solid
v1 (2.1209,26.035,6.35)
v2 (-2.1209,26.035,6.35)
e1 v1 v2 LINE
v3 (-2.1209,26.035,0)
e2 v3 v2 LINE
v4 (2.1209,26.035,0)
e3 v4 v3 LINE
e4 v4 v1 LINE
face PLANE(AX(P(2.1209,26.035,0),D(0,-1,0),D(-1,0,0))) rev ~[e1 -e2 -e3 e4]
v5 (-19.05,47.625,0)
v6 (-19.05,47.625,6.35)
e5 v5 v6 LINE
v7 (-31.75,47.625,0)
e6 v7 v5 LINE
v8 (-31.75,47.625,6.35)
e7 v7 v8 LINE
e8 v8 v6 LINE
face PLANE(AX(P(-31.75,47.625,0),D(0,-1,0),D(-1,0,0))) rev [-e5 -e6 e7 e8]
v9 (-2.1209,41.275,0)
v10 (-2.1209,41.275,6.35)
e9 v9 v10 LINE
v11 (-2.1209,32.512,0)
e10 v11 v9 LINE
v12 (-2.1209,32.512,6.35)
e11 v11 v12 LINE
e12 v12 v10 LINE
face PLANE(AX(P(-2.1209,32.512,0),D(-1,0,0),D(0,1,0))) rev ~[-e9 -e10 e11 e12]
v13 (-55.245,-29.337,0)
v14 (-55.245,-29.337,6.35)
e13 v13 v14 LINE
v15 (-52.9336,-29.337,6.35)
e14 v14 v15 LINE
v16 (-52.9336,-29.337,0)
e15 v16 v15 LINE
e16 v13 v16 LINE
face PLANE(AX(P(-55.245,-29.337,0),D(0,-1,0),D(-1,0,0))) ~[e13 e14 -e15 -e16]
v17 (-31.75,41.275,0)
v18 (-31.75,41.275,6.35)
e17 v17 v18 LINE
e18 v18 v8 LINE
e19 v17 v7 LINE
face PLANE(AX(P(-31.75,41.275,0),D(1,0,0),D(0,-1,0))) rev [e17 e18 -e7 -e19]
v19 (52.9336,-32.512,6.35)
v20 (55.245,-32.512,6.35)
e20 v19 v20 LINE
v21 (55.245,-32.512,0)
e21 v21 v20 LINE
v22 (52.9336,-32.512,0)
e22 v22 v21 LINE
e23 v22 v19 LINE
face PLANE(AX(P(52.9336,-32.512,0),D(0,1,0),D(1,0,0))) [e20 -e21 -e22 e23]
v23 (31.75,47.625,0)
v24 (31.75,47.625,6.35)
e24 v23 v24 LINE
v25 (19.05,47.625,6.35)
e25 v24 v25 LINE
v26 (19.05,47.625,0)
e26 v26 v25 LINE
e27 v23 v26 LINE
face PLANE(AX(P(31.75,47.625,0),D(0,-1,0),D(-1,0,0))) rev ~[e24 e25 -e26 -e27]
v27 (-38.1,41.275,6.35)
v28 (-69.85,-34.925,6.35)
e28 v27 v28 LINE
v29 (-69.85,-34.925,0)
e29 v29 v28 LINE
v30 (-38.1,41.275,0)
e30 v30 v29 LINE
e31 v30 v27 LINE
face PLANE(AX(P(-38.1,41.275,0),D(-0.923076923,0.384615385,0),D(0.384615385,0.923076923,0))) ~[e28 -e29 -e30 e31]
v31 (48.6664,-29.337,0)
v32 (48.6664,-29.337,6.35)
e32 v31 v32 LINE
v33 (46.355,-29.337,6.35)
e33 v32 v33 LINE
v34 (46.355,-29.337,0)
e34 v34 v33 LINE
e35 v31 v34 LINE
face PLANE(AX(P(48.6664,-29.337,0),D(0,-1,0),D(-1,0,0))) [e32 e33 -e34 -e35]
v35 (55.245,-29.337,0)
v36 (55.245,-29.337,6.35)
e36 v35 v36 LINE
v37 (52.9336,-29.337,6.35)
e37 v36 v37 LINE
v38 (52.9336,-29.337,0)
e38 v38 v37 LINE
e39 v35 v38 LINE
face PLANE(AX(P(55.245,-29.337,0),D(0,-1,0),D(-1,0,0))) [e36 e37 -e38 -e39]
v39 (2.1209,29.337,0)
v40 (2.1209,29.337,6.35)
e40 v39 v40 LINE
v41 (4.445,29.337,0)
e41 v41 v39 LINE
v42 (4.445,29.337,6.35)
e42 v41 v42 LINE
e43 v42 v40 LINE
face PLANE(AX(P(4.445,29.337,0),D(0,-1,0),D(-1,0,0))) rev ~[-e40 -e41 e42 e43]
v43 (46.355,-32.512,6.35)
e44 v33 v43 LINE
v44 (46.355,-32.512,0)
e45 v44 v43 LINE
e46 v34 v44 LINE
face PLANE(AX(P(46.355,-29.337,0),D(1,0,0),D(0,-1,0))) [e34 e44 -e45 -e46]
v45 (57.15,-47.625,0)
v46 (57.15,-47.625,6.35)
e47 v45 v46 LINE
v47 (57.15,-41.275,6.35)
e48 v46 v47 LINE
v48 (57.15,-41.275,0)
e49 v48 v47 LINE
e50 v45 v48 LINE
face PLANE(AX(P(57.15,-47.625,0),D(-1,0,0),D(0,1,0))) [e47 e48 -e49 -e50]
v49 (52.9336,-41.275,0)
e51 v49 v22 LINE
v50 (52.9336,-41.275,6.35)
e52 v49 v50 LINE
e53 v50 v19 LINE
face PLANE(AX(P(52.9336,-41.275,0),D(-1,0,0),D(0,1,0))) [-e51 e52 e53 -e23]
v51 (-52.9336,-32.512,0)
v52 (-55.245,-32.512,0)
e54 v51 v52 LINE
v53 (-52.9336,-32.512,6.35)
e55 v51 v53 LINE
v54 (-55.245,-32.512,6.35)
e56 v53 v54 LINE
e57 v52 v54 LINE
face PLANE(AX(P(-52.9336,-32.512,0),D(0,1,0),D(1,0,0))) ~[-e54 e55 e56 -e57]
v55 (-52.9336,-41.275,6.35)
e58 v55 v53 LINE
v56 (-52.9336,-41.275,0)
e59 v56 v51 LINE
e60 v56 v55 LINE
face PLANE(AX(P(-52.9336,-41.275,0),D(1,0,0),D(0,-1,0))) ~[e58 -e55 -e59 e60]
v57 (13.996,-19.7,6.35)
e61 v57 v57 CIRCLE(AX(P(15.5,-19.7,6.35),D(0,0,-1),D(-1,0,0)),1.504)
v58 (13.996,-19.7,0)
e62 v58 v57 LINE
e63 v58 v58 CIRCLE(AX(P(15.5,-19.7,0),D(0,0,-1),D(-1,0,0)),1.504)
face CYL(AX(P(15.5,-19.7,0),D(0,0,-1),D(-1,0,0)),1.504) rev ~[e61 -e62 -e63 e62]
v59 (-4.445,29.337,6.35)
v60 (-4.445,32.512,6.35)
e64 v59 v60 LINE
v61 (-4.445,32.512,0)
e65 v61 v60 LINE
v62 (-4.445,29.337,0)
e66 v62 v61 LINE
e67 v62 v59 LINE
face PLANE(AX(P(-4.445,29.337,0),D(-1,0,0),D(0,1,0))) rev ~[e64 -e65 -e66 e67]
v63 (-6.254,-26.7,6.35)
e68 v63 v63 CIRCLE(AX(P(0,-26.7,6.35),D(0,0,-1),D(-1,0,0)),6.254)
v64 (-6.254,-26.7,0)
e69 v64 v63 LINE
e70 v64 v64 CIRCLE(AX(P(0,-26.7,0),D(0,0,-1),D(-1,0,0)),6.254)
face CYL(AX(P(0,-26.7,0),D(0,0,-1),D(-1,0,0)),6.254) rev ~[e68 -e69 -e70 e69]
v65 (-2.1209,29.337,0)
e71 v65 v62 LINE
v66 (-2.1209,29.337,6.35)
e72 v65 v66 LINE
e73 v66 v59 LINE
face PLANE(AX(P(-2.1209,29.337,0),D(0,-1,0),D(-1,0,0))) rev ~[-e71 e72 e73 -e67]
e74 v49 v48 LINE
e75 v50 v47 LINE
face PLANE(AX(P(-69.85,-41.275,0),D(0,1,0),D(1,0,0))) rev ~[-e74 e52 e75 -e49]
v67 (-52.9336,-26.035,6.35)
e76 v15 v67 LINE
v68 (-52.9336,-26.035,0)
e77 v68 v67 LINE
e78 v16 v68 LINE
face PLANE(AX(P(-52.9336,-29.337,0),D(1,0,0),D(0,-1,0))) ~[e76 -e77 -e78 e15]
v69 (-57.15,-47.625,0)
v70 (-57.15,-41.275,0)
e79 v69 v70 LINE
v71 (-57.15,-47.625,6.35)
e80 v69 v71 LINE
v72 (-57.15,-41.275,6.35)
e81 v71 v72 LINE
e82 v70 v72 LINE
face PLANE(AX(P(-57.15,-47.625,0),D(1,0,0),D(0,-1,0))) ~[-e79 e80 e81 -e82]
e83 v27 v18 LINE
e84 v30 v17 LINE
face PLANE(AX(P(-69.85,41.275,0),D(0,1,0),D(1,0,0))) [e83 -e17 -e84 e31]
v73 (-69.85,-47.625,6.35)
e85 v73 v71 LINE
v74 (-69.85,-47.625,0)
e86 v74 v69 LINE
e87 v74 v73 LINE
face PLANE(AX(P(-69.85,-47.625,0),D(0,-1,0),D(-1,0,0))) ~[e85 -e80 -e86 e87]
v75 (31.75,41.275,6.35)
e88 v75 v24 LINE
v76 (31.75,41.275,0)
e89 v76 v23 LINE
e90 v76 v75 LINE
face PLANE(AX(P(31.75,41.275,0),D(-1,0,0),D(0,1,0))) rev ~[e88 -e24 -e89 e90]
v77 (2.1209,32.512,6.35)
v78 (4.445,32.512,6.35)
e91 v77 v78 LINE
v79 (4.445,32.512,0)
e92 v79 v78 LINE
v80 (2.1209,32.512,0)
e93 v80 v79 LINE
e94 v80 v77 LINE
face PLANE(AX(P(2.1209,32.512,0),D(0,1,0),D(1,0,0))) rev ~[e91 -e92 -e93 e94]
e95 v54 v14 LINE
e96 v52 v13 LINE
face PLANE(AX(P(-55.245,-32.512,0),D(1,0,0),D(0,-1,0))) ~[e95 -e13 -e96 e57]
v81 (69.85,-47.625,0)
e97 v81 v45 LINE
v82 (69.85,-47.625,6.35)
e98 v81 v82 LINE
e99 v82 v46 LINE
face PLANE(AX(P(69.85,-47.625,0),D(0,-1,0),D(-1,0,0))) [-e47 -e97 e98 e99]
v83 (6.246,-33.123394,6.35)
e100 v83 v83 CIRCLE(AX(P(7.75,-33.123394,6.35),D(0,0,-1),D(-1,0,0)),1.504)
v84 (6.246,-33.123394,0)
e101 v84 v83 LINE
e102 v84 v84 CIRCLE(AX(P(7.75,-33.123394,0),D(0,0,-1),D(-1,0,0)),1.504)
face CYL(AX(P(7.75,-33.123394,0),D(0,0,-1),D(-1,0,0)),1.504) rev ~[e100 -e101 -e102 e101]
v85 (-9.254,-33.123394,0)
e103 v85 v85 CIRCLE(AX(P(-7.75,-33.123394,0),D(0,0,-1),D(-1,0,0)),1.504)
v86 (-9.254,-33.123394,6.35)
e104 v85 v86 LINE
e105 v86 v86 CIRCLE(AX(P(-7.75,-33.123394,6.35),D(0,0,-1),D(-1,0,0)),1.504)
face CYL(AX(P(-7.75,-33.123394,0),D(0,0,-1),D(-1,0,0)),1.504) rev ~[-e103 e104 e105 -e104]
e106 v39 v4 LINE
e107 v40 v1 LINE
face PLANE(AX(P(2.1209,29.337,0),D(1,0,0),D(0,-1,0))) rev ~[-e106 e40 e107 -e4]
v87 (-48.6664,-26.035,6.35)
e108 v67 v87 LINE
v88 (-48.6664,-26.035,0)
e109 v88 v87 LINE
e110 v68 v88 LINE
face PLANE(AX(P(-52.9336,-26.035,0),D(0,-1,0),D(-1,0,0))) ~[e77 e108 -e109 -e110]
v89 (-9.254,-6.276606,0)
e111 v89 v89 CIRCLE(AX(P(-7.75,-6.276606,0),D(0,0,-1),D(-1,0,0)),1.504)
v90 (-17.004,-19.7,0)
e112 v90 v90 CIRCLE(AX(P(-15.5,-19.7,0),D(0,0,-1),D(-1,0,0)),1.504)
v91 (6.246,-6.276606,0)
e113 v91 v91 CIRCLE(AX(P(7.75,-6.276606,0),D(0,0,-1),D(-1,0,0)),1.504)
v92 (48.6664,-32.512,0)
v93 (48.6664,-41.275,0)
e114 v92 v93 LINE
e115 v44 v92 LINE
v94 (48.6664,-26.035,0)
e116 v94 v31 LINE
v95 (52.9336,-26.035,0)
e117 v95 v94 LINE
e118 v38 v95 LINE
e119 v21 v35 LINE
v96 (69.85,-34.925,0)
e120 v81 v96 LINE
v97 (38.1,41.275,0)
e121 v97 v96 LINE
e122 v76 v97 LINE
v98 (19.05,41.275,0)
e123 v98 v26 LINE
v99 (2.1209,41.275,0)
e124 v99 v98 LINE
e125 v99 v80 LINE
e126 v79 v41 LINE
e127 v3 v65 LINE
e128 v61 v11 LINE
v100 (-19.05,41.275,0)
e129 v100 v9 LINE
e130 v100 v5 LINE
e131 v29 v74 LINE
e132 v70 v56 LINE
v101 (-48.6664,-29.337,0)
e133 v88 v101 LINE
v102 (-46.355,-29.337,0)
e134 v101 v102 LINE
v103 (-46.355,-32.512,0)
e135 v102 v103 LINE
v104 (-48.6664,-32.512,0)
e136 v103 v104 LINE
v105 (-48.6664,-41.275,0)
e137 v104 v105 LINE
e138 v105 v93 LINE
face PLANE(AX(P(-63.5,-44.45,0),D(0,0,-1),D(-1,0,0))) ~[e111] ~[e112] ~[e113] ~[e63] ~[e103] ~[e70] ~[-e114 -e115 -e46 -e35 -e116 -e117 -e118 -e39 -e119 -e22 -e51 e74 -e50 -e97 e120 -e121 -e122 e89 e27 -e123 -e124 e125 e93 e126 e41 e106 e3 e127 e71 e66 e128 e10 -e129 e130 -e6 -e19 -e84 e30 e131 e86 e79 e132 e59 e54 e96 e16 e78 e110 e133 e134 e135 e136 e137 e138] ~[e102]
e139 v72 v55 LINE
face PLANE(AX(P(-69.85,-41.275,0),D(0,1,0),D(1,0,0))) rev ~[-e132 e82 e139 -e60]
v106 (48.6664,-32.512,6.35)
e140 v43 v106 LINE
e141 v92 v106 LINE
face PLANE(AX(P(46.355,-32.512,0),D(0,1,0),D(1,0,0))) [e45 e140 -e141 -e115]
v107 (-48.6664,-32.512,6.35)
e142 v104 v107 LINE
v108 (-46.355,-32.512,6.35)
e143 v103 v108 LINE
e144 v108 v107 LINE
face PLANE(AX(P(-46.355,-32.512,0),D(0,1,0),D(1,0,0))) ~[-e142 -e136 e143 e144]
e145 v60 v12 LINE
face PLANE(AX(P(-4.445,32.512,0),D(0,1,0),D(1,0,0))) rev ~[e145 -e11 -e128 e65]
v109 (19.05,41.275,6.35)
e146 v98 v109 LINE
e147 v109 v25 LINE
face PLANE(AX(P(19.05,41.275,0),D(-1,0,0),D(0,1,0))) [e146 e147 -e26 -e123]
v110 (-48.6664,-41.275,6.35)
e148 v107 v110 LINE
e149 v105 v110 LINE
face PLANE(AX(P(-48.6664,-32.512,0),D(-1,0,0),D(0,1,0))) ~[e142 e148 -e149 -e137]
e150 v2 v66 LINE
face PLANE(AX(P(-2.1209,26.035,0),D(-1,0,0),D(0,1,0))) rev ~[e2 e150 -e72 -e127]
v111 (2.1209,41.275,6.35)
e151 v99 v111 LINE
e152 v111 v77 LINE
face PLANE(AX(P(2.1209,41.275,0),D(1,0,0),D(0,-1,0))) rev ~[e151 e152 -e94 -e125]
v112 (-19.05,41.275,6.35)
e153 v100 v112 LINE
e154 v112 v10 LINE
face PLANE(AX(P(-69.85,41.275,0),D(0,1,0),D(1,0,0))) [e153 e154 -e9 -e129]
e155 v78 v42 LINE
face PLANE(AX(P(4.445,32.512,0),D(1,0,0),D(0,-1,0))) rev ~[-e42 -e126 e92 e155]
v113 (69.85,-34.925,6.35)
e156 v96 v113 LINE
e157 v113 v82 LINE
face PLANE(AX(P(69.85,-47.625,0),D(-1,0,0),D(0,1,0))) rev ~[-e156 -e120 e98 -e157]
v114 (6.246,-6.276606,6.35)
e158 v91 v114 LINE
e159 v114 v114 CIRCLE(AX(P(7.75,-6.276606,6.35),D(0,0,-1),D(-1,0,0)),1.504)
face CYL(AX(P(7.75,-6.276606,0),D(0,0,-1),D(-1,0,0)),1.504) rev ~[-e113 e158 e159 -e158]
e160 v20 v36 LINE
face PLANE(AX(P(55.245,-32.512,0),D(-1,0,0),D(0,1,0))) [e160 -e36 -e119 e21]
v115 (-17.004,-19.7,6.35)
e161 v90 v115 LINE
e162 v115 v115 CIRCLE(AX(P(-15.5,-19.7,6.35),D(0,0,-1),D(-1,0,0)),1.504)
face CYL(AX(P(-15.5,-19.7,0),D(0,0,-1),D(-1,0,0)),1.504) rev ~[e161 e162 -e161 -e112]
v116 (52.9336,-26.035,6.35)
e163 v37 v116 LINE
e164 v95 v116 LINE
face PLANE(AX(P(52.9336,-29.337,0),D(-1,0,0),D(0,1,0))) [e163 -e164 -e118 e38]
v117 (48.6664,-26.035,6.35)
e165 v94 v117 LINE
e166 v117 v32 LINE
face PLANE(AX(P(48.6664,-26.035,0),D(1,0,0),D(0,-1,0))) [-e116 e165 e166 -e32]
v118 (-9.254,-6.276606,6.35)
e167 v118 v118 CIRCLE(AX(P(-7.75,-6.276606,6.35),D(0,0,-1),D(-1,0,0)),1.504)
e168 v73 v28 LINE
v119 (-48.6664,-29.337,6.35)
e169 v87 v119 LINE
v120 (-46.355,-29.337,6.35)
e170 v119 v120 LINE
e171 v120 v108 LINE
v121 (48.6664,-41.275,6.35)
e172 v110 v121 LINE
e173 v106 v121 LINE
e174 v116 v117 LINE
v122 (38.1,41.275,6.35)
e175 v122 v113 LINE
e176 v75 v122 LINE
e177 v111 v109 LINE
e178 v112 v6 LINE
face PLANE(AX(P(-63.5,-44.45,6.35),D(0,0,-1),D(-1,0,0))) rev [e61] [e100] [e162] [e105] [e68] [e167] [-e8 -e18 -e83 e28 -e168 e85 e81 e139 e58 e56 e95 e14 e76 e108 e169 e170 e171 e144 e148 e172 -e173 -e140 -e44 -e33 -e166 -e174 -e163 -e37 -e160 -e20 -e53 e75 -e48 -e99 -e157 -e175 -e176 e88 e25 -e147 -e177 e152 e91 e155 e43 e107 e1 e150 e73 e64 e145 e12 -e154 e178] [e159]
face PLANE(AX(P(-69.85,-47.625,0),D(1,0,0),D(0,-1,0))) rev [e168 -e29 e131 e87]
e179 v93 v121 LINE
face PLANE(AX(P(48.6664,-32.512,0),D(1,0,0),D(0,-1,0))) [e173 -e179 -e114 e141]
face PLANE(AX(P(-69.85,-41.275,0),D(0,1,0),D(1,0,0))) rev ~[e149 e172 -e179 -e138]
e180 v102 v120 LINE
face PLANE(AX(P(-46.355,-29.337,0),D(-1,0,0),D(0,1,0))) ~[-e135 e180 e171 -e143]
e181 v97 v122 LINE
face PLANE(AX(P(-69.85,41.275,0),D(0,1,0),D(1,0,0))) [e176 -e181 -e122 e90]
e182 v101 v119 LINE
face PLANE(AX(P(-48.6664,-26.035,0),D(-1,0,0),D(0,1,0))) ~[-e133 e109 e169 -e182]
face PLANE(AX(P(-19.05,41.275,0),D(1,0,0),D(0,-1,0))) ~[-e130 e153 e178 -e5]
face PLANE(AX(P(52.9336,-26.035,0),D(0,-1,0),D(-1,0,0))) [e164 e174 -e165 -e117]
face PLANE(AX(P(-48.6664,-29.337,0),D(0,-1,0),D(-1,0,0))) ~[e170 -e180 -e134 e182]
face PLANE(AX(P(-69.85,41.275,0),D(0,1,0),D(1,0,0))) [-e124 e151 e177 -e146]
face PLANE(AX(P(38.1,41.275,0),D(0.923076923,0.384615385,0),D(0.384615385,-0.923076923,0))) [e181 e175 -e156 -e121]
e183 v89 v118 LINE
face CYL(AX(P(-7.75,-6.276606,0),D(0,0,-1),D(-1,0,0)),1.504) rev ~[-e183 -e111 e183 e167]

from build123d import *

# Parameters (mm, degrees)
SKETCH1_W           = 139.7
SKETCH1_H           = 82.55
BOSS_EXTRUDE1_DEPTH = 6.35
SKETCH2_W           = 12.7
SKETCH2_H           = 6.35
BOSS_EXTRUDE2_DEPTH = 6.35
CUT_EXTRUDE1_DEPTH  = 6.35
CUT_EXTRUDE8_DEPTH  = 6.35
CUT_EXTRUDE2_DEPTH  = 6.35
SKETCH5_R           = 6.254
SKETCH5_R_2         = 1.504
CUT_EXTRUDE9_DEPTH  = 6.35


with BuildPart() as part:
    # Sketch1 → Boss-Extrude1 (new body)
    with BuildSketch(Plane.XY):
        Rectangle(SKETCH1_W, SKETCH1_H)
    extrude(amount=BOSS_EXTRUDE1_DEPTH)

    # Sketch2 → Boss-Extrude2 (add)
    with BuildSketch(Plane(origin=(0, 0, 0), x_dir=(-1, 0, 0), z_dir=(0, 0, -1))):
        with Locations((-63.5, -44.45)):
            Rectangle(SKETCH2_W, SKETCH2_H)
        with Locations((-25.4, 44.45)):
            Rectangle(SKETCH2_W, SKETCH2_H)
    boss_extrude2 = extrude(amount=-BOSS_EXTRUDE2_DEPTH)

    # Sketch3 → Cut-Extrude1 (cut)
    with BuildSketch(Plane(origin=(0, 0, 0), x_dir=(-1, 0, 0), z_dir=(0, 0, -1))):
        Polygon((-52.9336, -41.275), (-52.9336, -32.512), (-55.245, -32.512), (-55.245, -29.337), (-52.9336, -29.337), (-52.9336, -26.035), (-48.6664, -26.035), (-48.6664, -29.337), (-46.355, -29.337), (-46.355, -32.512), (-48.6664, -32.512), (-48.6664, -41.275), align=None)
    cut_extrude1 = extrude(amount=-CUT_EXTRUDE1_DEPTH, mode=Mode.SUBTRACT)

    # Sketch7 → Cut-Extrude8 (cut)
    with BuildSketch(Plane(origin=(0, 0, 0), x_dir=(-1, 0, 0), z_dir=(0, 0, -1))):
        Polygon((-38.1, 41.275), (-69.85, -34.925), (-69.85, 41.275), align=None)
    cut_extrude8 = extrude(amount=-CUT_EXTRUDE8_DEPTH, mode=Mode.SUBTRACT)

    # Mirror2: Boss-Extrude2, Cut-Extrude8 across plane
    add(boss_extrude2.mirror(Plane(origin=(0, 0, 0), x_dir=(0, 0, 1), z_dir=(1, 0, 0))))
    add(cut_extrude8.mirror(Plane(origin=(0, 0, 0), x_dir=(0, 0, 1), z_dir=(1, 0, 0))), mode=Mode.SUBTRACT)

    # Mirror4: Cut-Extrude1 across plane
    add(cut_extrude1.mirror(Plane(origin=(0, 0, 0), x_dir=(0, 0, 1), z_dir=(1, 0, 0))), mode=Mode.SUBTRACT)

    # Sketch4 → Cut-Extrude2 (cut)
    with BuildSketch(Plane(origin=(0, 0, 0), x_dir=(-1, 0, 0), z_dir=(0, 0, -1))):
        Polygon((2.1209, 41.275), (-2.1209, 41.275), (-2.1209, 32.512), (-4.445, 32.512), (-4.445, 29.337), (-2.1209, 29.337), (-2.1209, 26.035), (2.1209, 26.035), (2.1209, 29.337), (4.445, 29.337), (4.445, 32.512), (2.1209, 32.512), align=None)
    extrude(amount=-CUT_EXTRUDE2_DEPTH, mode=Mode.SUBTRACT)

    # Sketch5 → Cut-Extrude9 (cut)
    with BuildSketch(Plane(origin=(0, 0, 0), x_dir=(-1, 0, 0), z_dir=(0, 0, -1))):
        with Locations((0, -26.7)):
            Circle(SKETCH5_R)
        with Locations((-15.5, -19.7)):
            Circle(SKETCH5_R_2)
        with Locations((-7.75, -6.276606241)):
            Circle(SKETCH5_R_2)
        with Locations((7.75, -6.276606241)):
            Circle(SKETCH5_R_2)
        with Locations((15.5, -19.7)):
            Circle(SKETCH5_R_2)
        with Locations((7.75, -33.123393759)):
            Circle(SKETCH5_R_2)
        with Locations((-7.75, -33.123393759)):
            Circle(SKETCH5_R_2)
    extrude(amount=-CUT_EXTRUDE9_DEPTH, mode=Mode.SUBTRACT)


solid = part.part
